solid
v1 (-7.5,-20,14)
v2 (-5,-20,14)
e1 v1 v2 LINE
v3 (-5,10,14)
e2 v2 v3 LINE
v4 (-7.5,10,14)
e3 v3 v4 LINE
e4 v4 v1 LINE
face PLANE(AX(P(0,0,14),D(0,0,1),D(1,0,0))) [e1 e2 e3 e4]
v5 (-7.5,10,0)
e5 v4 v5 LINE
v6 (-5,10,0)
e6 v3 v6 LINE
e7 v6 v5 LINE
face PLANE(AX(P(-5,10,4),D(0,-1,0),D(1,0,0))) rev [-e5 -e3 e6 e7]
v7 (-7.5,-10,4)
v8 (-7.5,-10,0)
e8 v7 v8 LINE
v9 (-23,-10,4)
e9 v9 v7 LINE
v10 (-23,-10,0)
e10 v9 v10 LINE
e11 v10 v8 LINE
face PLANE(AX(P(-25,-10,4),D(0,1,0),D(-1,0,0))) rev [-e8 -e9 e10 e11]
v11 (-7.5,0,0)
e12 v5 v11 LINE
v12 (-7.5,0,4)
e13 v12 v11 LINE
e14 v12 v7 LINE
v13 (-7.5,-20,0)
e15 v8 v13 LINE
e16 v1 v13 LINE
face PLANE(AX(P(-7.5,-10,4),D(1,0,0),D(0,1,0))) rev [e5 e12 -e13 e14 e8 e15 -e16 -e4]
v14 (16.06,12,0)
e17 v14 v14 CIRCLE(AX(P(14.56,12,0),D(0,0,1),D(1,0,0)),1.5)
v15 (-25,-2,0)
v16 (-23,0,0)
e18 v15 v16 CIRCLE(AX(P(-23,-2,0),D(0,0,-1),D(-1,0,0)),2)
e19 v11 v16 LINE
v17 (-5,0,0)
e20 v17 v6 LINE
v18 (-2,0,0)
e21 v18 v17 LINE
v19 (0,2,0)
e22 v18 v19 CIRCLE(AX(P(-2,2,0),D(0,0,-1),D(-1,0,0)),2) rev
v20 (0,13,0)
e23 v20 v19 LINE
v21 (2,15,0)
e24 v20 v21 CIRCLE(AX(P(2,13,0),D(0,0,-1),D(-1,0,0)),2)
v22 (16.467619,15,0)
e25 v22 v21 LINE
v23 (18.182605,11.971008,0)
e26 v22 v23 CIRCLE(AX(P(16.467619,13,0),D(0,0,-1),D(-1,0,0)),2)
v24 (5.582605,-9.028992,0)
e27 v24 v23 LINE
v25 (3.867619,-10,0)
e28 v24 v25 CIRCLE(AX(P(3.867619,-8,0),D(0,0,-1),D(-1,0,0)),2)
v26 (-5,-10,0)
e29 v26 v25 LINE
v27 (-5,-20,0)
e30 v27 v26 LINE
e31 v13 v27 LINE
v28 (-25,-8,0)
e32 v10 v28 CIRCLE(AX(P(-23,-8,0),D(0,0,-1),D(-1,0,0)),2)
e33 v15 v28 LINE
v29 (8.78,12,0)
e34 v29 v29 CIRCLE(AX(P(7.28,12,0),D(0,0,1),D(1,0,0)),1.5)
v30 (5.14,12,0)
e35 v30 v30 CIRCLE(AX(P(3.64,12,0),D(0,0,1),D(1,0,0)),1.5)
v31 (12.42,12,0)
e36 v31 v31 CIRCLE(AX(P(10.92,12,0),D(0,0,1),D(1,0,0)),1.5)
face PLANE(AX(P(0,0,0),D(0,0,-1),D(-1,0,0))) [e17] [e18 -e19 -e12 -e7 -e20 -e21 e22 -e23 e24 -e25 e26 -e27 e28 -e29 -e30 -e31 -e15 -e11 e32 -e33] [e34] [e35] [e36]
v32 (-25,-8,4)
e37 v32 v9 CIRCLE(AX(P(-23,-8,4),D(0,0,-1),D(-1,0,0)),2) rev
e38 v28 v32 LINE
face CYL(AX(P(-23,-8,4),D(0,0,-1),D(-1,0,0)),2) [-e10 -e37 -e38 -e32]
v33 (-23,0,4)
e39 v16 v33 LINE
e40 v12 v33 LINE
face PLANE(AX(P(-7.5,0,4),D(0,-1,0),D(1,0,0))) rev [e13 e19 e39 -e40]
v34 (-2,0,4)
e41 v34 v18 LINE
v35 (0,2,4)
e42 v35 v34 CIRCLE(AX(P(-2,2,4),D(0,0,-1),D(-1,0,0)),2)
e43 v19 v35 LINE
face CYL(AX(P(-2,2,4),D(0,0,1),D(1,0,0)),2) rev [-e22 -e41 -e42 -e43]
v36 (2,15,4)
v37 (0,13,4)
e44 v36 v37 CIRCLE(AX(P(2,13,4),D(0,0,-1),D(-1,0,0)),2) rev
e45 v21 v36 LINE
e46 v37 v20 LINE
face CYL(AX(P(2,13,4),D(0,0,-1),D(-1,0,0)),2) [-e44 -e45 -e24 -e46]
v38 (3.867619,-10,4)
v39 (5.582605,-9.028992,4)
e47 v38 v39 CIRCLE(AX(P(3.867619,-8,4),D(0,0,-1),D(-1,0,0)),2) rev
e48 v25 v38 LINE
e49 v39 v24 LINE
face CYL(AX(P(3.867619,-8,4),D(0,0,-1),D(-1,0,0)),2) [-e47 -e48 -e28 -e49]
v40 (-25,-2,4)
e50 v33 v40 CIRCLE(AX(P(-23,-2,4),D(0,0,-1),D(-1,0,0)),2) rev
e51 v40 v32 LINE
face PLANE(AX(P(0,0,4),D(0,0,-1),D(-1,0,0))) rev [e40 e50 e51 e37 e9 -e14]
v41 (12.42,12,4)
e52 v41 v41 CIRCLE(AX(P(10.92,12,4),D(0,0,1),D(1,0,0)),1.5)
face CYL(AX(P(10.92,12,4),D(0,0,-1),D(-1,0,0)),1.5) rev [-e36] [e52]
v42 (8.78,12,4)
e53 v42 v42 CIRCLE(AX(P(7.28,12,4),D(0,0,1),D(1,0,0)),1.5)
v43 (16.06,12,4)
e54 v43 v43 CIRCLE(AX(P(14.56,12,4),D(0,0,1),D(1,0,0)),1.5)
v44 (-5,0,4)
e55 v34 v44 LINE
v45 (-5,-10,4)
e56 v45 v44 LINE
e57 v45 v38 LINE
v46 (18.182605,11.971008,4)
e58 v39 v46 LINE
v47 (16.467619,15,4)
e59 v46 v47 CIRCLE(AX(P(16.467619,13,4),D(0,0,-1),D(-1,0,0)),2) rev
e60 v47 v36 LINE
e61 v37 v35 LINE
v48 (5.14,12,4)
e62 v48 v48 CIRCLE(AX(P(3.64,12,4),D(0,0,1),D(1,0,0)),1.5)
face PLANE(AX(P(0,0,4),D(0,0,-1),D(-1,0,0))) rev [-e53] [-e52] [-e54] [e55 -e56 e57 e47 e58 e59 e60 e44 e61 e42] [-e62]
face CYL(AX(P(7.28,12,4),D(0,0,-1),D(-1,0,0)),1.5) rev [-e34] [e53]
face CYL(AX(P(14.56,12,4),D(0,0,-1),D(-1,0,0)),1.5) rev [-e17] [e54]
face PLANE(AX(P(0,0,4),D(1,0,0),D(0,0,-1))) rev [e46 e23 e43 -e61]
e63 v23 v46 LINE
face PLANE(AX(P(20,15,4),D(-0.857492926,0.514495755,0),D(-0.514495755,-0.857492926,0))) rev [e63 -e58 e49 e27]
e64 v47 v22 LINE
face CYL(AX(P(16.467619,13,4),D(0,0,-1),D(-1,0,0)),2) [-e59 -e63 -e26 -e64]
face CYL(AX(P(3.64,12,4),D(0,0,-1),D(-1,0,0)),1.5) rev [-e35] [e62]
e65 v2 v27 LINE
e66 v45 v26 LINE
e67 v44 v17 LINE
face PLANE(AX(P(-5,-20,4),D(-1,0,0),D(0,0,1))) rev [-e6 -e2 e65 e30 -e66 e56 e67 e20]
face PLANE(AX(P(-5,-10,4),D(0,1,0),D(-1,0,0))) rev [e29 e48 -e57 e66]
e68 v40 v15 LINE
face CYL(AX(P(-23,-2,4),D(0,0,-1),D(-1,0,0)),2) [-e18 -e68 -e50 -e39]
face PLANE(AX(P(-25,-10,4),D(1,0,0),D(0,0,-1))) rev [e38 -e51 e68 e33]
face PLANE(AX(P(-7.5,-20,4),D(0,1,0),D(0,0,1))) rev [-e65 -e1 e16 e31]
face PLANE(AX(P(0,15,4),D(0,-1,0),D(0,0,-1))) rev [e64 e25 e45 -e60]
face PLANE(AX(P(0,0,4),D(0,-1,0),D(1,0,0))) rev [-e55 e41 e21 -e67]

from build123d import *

# Parameters (mm, degrees)
ESQUISSE1_R        = 1.5
BOSS_EXTRU_1_DEPTH = 4
ESQUISSE2_W        = 2.5
ESQUISSE2_H        = 30
BOSS_EXTRU_2_DEPTH = 10
CONG_1_R           = 2


with BuildPart() as part:
    # Esquisse1 → Boss.-Extru.1 (new body)
    with BuildSketch(Plane.XY):
        Polygon((0, 0), (0, 15), (20, 15), (5, -10), (-5, -10), (-5, -20), (-7.5, -20), (-7.5, -10), (-25, -10), (-25, 0), (-7.5, 0), (-7.5, 10), (-5, 10), (-5, 0), align=None)
        with Locations((3.64, 12)):
            Circle(ESQUISSE1_R, mode=Mode.SUBTRACT)
        with Locations((7.28, 12)):
            Circle(ESQUISSE1_R, mode=Mode.SUBTRACT)
        with Locations((10.92, 12)):
            Circle(ESQUISSE1_R, mode=Mode.SUBTRACT)
        with Locations((14.56, 12)):
            Circle(ESQUISSE1_R, mode=Mode.SUBTRACT)
    extrude(amount=BOSS_EXTRU_1_DEPTH)

    # Esquisse2 → Boss.-Extru.2 (add)
    with BuildSketch(Plane.XY.offset(4)):
        with Locations((-6.25, -5)):
            Rectangle(ESQUISSE2_W, ESQUISSE2_H)
    extrude(amount=BOSS_EXTRU_2_DEPTH)

    # Congé1
    cong_1_edges = [part.edges().sort_by_distance(p)[0] for p in [
        (0, 0, 2),
        (0, 15, 2),
        (20, 15, 2),
        (5, -10, 2),
        (-25, -10, 2),
        (-25, 0, 2),
    ]]
    fillet(cong_1_edges, radius=CONG_1_R)


solid = part.part
